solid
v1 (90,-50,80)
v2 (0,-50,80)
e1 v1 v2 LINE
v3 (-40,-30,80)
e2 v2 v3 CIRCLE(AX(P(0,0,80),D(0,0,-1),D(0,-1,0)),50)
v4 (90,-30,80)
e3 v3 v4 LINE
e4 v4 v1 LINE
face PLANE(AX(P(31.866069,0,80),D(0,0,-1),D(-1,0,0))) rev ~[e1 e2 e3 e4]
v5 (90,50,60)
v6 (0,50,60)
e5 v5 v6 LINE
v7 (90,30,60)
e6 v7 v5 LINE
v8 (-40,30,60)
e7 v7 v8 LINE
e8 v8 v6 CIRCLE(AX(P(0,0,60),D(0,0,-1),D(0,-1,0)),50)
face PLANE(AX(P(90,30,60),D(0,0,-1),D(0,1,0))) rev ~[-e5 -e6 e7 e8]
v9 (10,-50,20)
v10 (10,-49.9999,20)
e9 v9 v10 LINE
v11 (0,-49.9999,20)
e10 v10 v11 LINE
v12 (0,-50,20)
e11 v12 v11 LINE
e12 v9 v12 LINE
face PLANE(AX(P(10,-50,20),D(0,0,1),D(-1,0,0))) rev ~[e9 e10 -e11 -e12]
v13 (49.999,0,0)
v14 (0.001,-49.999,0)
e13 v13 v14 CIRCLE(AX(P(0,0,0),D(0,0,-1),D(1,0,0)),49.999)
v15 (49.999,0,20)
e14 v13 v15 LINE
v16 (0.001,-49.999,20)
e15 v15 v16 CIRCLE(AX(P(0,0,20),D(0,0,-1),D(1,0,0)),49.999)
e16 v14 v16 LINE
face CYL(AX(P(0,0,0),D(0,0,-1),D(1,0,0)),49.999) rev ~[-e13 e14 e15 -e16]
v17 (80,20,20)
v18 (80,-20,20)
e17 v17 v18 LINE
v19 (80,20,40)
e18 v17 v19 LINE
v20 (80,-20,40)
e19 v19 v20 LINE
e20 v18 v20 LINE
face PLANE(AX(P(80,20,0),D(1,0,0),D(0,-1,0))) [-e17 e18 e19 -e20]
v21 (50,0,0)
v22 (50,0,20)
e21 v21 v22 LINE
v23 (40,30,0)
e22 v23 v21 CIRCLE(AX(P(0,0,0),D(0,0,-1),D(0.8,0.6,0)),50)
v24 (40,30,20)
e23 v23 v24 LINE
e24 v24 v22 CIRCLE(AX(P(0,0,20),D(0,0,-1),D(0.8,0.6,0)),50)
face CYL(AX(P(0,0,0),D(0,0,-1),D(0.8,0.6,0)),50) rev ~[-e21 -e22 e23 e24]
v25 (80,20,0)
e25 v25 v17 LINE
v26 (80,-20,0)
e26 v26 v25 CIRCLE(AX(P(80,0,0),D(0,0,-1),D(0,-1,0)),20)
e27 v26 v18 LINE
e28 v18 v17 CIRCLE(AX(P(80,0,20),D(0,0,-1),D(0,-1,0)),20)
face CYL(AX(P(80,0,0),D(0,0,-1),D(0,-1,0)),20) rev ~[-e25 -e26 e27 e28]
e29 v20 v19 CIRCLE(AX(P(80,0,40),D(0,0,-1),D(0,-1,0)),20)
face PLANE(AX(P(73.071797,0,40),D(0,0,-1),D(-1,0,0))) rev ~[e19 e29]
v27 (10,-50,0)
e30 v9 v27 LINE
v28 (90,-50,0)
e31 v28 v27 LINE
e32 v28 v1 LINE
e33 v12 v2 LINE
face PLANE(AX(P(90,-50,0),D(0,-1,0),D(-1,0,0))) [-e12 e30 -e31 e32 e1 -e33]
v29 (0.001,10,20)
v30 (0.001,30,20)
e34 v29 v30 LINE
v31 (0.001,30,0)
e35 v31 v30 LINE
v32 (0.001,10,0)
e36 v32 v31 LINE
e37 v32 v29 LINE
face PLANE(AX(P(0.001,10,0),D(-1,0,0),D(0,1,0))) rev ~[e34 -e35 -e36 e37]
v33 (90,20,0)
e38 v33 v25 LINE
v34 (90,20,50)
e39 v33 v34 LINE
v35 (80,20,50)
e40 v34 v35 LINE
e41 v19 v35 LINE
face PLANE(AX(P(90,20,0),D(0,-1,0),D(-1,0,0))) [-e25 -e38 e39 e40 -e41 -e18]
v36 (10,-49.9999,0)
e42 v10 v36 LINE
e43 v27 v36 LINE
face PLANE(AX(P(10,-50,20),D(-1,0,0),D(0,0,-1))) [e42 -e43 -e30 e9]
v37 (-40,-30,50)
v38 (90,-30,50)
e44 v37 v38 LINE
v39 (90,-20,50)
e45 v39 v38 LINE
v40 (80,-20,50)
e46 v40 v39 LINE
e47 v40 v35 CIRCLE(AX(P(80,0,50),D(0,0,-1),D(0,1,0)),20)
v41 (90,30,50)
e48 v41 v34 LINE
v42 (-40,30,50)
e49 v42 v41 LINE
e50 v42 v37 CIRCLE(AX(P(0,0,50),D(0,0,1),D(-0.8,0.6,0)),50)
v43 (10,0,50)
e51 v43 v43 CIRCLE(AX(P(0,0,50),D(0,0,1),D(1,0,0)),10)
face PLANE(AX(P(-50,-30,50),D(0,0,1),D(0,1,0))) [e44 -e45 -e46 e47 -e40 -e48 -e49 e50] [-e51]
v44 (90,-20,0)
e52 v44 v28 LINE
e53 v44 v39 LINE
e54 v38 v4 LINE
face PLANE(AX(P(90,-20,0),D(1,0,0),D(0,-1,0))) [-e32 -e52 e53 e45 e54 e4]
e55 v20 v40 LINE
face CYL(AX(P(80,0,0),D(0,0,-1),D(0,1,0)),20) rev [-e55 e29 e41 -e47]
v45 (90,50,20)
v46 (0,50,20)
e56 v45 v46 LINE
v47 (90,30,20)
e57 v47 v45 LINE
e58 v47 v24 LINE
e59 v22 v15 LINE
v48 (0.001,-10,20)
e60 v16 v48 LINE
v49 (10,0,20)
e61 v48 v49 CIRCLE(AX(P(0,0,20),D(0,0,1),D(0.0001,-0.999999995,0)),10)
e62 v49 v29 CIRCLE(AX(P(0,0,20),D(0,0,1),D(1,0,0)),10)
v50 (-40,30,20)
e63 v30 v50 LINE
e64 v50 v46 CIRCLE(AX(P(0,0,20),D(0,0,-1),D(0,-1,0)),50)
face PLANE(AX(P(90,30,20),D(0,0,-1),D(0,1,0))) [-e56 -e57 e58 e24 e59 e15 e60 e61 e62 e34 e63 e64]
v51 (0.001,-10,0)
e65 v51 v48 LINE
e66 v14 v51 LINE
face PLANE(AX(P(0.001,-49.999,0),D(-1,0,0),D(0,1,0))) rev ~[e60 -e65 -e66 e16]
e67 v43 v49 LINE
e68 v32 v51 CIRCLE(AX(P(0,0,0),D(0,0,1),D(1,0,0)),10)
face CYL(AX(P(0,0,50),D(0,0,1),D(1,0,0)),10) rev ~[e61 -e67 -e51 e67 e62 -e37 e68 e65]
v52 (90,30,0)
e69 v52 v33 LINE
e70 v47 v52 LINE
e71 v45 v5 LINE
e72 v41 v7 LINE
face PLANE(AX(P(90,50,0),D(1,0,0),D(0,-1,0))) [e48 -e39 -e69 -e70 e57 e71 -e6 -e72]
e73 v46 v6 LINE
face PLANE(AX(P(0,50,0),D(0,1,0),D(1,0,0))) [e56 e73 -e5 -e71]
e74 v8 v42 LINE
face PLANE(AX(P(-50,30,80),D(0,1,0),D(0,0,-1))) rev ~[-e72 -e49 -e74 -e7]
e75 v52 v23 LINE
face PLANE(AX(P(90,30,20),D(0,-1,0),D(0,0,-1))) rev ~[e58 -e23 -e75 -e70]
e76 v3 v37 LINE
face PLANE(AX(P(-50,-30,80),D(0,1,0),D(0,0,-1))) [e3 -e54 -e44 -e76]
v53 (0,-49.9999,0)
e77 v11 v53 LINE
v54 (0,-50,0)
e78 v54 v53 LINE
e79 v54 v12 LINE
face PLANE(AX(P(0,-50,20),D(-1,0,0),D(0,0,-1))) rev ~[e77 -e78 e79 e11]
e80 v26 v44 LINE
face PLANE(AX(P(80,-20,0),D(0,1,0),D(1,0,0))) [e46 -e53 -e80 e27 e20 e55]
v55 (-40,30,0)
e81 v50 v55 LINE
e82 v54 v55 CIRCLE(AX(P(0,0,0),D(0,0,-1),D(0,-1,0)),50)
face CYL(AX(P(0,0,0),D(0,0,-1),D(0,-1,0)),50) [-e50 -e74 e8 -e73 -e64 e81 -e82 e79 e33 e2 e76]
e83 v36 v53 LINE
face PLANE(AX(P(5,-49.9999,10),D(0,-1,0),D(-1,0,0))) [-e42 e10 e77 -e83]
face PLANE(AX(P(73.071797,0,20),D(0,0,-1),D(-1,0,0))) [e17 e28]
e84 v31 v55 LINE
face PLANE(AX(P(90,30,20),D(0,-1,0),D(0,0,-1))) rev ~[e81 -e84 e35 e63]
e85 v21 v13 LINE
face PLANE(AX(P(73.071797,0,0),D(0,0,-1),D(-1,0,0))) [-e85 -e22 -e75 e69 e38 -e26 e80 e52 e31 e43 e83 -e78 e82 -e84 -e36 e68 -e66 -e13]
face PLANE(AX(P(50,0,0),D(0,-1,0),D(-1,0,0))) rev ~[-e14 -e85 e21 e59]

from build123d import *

# Parameters (mm, degrees)
BOSS_EXTRUDE2_DEPTH = 80
SKETCH8_W           = 20
SKETCH8_H           = 20
CUT_EXTRUDE5_DEPTH  = 205
SKETCH9_W           = 30
SKETCH9_H           = 60
CUT_EXTRUDE6_DEPTH  = 205
SKETCH10_W          = 20
SKETCH10_H          = 20
CUT_EXTRUDE8_DEPTH  = 150
SKETCH13_R          = 10
CUT_EXTRUDE9_DEPTH  = 150
BOSS_EXTRUDE5_DEPTH = 40
CUT_EXTRUDE10_DEPTH = 20
CUT_EXTRUDE15_DEPTH = 20
SKETCH18_W          = 10
SKETCH18_H          = 20
CUT_EXTRUDE16_DEPTH = 0.0001


with BuildPart() as part:
    # Sketch1 → Boss-Extrude2 (new body)
    with BuildSketch(Plane.XY):
        with BuildLine():
            ThreePointArc((80, 20), (60, 0), (80, -20))
            Line((80, -20), (90, -20))
            Line((90, -20), (90, -50))
            Line((90, -50), (0, -50))
            ThreePointArc((0, -50), (-50, 0), (0, 50))
            Line((0, 50), (90, 50))
            Line((90, 50), (90, 20))
            Line((90, 20), (80, 20))
        make_face()
    extrude(amount=BOSS_EXTRUDE2_DEPTH)

    # Sketch8 → Cut-Extrude5 (cut)
    with BuildSketch(Plane(origin=(90, 0, 0), x_dir=(0, 0, -1), z_dir=(1, 0, 0))):
        with Locations((-10, 40)):
            Rectangle(SKETCH8_W, SKETCH8_H)
    extrude(amount=-CUT_EXTRUDE5_DEPTH, mode=Mode.SUBTRACT)

    # Sketch9 → Cut-Extrude6 (cut)
    with BuildSketch(Plane(origin=(-50, 0, 0), x_dir=(0, 0, -1), z_dir=(1, 0, 0))):
        with Locations((-65, 0)):
            Rectangle(SKETCH9_W, SKETCH9_H)
    extrude(amount=CUT_EXTRUDE6_DEPTH, mode=Mode.SUBTRACT)

    # Sketch10 → Cut-Extrude8 (cut)
    with BuildSketch(Plane(origin=(90, 0, 0), x_dir=(0, 0, -1), z_dir=(1, 0, 0))):
        with Locations((-70, 40)):
            Rectangle(SKETCH10_W, SKETCH10_H)
    extrude(amount=-CUT_EXTRUDE8_DEPTH, mode=Mode.SUBTRACT)

    # Sketch13 → Cut-Extrude9 (cut)
    with BuildSketch(Plane.XY.offset(50)):
        Circle(SKETCH13_R)
    extrude(amount=-CUT_EXTRUDE9_DEPTH, mode=Mode.SUBTRACT)

    # Sketch14 → Boss-Extrude5 (add)
    with BuildSketch(Plane(origin=(0, 0, 0), x_dir=(-1, 0, 0), z_dir=(0, 0, -1))):
        with BuildLine():
            Line((-80, 20), (-80, -20))
            ThreePointArc((-80, -20), (-60, 0), (-80, 20))
        make_face()
    extrude(amount=-BOSS_EXTRUDE5_DEPTH)

    # Sketch15 → Cut-Extrude10 (cut)
    with BuildSketch(Plane(origin=(0, 0, 0), x_dir=(-1, 0, 0), z_dir=(0, 0, -1))):
        with BuildLine():
            Line((-80, 20), (-80, -20))
            ThreePointArc((-80, -20), (-60, 0), (-80, 20))
        make_face()
    extrude(amount=-CUT_EXTRUDE10_DEPTH, mode=Mode.SUBTRACT)

    # Sketch16 → Cut-Extrude15 (cut)
    with BuildSketch(Plane(origin=(0, 0, 0), x_dir=(-1, 0, 0), z_dir=(0, 0, -1))):
        with BuildLine():
            Line((-10, 0), (-49.99900001, 0))
            ThreePointArc((-49.99900001, 0), (-35.354985511, -35.354278404), (-0.001, -49.999))
            Line((-0.001, -49.999), (-0.001, -9.99999995))
            ThreePointArc((-0.001, -9.99999995), (-7.071421356, -7.07071425), (-10, 0))
        make_face()
        with BuildLine():
            Line((-0.001, 30), (-40, 30))
            ThreePointArc((-40, 30), (-47.434164903, 15.811388301), (-50, 0))
            Line((-50, 0), (-49.99900001, 0))
            Line((-49.99900001, 0), (-10, 0))
            ThreePointArc((-10, 0), (-7.071421356, 7.07071425), (-0.001, 9.99999995))
            Line((-0.001, 10), (-0.001, 30))
        make_face()
    extrude(amount=-CUT_EXTRUDE15_DEPTH, mode=Mode.SUBTRACT)

    # Sketch18 → Cut-Extrude16 (cut)
    with BuildSketch(Plane(origin=(0, -50, 0), x_dir=(-1, 0, 0), z_dir=(0, -1, 0))):
        with Locations((-5, -10)):
            Rectangle(SKETCH18_W, SKETCH18_H)
    extrude(amount=-CUT_EXTRUDE16_DEPTH, mode=Mode.SUBTRACT)


solid = part.part
